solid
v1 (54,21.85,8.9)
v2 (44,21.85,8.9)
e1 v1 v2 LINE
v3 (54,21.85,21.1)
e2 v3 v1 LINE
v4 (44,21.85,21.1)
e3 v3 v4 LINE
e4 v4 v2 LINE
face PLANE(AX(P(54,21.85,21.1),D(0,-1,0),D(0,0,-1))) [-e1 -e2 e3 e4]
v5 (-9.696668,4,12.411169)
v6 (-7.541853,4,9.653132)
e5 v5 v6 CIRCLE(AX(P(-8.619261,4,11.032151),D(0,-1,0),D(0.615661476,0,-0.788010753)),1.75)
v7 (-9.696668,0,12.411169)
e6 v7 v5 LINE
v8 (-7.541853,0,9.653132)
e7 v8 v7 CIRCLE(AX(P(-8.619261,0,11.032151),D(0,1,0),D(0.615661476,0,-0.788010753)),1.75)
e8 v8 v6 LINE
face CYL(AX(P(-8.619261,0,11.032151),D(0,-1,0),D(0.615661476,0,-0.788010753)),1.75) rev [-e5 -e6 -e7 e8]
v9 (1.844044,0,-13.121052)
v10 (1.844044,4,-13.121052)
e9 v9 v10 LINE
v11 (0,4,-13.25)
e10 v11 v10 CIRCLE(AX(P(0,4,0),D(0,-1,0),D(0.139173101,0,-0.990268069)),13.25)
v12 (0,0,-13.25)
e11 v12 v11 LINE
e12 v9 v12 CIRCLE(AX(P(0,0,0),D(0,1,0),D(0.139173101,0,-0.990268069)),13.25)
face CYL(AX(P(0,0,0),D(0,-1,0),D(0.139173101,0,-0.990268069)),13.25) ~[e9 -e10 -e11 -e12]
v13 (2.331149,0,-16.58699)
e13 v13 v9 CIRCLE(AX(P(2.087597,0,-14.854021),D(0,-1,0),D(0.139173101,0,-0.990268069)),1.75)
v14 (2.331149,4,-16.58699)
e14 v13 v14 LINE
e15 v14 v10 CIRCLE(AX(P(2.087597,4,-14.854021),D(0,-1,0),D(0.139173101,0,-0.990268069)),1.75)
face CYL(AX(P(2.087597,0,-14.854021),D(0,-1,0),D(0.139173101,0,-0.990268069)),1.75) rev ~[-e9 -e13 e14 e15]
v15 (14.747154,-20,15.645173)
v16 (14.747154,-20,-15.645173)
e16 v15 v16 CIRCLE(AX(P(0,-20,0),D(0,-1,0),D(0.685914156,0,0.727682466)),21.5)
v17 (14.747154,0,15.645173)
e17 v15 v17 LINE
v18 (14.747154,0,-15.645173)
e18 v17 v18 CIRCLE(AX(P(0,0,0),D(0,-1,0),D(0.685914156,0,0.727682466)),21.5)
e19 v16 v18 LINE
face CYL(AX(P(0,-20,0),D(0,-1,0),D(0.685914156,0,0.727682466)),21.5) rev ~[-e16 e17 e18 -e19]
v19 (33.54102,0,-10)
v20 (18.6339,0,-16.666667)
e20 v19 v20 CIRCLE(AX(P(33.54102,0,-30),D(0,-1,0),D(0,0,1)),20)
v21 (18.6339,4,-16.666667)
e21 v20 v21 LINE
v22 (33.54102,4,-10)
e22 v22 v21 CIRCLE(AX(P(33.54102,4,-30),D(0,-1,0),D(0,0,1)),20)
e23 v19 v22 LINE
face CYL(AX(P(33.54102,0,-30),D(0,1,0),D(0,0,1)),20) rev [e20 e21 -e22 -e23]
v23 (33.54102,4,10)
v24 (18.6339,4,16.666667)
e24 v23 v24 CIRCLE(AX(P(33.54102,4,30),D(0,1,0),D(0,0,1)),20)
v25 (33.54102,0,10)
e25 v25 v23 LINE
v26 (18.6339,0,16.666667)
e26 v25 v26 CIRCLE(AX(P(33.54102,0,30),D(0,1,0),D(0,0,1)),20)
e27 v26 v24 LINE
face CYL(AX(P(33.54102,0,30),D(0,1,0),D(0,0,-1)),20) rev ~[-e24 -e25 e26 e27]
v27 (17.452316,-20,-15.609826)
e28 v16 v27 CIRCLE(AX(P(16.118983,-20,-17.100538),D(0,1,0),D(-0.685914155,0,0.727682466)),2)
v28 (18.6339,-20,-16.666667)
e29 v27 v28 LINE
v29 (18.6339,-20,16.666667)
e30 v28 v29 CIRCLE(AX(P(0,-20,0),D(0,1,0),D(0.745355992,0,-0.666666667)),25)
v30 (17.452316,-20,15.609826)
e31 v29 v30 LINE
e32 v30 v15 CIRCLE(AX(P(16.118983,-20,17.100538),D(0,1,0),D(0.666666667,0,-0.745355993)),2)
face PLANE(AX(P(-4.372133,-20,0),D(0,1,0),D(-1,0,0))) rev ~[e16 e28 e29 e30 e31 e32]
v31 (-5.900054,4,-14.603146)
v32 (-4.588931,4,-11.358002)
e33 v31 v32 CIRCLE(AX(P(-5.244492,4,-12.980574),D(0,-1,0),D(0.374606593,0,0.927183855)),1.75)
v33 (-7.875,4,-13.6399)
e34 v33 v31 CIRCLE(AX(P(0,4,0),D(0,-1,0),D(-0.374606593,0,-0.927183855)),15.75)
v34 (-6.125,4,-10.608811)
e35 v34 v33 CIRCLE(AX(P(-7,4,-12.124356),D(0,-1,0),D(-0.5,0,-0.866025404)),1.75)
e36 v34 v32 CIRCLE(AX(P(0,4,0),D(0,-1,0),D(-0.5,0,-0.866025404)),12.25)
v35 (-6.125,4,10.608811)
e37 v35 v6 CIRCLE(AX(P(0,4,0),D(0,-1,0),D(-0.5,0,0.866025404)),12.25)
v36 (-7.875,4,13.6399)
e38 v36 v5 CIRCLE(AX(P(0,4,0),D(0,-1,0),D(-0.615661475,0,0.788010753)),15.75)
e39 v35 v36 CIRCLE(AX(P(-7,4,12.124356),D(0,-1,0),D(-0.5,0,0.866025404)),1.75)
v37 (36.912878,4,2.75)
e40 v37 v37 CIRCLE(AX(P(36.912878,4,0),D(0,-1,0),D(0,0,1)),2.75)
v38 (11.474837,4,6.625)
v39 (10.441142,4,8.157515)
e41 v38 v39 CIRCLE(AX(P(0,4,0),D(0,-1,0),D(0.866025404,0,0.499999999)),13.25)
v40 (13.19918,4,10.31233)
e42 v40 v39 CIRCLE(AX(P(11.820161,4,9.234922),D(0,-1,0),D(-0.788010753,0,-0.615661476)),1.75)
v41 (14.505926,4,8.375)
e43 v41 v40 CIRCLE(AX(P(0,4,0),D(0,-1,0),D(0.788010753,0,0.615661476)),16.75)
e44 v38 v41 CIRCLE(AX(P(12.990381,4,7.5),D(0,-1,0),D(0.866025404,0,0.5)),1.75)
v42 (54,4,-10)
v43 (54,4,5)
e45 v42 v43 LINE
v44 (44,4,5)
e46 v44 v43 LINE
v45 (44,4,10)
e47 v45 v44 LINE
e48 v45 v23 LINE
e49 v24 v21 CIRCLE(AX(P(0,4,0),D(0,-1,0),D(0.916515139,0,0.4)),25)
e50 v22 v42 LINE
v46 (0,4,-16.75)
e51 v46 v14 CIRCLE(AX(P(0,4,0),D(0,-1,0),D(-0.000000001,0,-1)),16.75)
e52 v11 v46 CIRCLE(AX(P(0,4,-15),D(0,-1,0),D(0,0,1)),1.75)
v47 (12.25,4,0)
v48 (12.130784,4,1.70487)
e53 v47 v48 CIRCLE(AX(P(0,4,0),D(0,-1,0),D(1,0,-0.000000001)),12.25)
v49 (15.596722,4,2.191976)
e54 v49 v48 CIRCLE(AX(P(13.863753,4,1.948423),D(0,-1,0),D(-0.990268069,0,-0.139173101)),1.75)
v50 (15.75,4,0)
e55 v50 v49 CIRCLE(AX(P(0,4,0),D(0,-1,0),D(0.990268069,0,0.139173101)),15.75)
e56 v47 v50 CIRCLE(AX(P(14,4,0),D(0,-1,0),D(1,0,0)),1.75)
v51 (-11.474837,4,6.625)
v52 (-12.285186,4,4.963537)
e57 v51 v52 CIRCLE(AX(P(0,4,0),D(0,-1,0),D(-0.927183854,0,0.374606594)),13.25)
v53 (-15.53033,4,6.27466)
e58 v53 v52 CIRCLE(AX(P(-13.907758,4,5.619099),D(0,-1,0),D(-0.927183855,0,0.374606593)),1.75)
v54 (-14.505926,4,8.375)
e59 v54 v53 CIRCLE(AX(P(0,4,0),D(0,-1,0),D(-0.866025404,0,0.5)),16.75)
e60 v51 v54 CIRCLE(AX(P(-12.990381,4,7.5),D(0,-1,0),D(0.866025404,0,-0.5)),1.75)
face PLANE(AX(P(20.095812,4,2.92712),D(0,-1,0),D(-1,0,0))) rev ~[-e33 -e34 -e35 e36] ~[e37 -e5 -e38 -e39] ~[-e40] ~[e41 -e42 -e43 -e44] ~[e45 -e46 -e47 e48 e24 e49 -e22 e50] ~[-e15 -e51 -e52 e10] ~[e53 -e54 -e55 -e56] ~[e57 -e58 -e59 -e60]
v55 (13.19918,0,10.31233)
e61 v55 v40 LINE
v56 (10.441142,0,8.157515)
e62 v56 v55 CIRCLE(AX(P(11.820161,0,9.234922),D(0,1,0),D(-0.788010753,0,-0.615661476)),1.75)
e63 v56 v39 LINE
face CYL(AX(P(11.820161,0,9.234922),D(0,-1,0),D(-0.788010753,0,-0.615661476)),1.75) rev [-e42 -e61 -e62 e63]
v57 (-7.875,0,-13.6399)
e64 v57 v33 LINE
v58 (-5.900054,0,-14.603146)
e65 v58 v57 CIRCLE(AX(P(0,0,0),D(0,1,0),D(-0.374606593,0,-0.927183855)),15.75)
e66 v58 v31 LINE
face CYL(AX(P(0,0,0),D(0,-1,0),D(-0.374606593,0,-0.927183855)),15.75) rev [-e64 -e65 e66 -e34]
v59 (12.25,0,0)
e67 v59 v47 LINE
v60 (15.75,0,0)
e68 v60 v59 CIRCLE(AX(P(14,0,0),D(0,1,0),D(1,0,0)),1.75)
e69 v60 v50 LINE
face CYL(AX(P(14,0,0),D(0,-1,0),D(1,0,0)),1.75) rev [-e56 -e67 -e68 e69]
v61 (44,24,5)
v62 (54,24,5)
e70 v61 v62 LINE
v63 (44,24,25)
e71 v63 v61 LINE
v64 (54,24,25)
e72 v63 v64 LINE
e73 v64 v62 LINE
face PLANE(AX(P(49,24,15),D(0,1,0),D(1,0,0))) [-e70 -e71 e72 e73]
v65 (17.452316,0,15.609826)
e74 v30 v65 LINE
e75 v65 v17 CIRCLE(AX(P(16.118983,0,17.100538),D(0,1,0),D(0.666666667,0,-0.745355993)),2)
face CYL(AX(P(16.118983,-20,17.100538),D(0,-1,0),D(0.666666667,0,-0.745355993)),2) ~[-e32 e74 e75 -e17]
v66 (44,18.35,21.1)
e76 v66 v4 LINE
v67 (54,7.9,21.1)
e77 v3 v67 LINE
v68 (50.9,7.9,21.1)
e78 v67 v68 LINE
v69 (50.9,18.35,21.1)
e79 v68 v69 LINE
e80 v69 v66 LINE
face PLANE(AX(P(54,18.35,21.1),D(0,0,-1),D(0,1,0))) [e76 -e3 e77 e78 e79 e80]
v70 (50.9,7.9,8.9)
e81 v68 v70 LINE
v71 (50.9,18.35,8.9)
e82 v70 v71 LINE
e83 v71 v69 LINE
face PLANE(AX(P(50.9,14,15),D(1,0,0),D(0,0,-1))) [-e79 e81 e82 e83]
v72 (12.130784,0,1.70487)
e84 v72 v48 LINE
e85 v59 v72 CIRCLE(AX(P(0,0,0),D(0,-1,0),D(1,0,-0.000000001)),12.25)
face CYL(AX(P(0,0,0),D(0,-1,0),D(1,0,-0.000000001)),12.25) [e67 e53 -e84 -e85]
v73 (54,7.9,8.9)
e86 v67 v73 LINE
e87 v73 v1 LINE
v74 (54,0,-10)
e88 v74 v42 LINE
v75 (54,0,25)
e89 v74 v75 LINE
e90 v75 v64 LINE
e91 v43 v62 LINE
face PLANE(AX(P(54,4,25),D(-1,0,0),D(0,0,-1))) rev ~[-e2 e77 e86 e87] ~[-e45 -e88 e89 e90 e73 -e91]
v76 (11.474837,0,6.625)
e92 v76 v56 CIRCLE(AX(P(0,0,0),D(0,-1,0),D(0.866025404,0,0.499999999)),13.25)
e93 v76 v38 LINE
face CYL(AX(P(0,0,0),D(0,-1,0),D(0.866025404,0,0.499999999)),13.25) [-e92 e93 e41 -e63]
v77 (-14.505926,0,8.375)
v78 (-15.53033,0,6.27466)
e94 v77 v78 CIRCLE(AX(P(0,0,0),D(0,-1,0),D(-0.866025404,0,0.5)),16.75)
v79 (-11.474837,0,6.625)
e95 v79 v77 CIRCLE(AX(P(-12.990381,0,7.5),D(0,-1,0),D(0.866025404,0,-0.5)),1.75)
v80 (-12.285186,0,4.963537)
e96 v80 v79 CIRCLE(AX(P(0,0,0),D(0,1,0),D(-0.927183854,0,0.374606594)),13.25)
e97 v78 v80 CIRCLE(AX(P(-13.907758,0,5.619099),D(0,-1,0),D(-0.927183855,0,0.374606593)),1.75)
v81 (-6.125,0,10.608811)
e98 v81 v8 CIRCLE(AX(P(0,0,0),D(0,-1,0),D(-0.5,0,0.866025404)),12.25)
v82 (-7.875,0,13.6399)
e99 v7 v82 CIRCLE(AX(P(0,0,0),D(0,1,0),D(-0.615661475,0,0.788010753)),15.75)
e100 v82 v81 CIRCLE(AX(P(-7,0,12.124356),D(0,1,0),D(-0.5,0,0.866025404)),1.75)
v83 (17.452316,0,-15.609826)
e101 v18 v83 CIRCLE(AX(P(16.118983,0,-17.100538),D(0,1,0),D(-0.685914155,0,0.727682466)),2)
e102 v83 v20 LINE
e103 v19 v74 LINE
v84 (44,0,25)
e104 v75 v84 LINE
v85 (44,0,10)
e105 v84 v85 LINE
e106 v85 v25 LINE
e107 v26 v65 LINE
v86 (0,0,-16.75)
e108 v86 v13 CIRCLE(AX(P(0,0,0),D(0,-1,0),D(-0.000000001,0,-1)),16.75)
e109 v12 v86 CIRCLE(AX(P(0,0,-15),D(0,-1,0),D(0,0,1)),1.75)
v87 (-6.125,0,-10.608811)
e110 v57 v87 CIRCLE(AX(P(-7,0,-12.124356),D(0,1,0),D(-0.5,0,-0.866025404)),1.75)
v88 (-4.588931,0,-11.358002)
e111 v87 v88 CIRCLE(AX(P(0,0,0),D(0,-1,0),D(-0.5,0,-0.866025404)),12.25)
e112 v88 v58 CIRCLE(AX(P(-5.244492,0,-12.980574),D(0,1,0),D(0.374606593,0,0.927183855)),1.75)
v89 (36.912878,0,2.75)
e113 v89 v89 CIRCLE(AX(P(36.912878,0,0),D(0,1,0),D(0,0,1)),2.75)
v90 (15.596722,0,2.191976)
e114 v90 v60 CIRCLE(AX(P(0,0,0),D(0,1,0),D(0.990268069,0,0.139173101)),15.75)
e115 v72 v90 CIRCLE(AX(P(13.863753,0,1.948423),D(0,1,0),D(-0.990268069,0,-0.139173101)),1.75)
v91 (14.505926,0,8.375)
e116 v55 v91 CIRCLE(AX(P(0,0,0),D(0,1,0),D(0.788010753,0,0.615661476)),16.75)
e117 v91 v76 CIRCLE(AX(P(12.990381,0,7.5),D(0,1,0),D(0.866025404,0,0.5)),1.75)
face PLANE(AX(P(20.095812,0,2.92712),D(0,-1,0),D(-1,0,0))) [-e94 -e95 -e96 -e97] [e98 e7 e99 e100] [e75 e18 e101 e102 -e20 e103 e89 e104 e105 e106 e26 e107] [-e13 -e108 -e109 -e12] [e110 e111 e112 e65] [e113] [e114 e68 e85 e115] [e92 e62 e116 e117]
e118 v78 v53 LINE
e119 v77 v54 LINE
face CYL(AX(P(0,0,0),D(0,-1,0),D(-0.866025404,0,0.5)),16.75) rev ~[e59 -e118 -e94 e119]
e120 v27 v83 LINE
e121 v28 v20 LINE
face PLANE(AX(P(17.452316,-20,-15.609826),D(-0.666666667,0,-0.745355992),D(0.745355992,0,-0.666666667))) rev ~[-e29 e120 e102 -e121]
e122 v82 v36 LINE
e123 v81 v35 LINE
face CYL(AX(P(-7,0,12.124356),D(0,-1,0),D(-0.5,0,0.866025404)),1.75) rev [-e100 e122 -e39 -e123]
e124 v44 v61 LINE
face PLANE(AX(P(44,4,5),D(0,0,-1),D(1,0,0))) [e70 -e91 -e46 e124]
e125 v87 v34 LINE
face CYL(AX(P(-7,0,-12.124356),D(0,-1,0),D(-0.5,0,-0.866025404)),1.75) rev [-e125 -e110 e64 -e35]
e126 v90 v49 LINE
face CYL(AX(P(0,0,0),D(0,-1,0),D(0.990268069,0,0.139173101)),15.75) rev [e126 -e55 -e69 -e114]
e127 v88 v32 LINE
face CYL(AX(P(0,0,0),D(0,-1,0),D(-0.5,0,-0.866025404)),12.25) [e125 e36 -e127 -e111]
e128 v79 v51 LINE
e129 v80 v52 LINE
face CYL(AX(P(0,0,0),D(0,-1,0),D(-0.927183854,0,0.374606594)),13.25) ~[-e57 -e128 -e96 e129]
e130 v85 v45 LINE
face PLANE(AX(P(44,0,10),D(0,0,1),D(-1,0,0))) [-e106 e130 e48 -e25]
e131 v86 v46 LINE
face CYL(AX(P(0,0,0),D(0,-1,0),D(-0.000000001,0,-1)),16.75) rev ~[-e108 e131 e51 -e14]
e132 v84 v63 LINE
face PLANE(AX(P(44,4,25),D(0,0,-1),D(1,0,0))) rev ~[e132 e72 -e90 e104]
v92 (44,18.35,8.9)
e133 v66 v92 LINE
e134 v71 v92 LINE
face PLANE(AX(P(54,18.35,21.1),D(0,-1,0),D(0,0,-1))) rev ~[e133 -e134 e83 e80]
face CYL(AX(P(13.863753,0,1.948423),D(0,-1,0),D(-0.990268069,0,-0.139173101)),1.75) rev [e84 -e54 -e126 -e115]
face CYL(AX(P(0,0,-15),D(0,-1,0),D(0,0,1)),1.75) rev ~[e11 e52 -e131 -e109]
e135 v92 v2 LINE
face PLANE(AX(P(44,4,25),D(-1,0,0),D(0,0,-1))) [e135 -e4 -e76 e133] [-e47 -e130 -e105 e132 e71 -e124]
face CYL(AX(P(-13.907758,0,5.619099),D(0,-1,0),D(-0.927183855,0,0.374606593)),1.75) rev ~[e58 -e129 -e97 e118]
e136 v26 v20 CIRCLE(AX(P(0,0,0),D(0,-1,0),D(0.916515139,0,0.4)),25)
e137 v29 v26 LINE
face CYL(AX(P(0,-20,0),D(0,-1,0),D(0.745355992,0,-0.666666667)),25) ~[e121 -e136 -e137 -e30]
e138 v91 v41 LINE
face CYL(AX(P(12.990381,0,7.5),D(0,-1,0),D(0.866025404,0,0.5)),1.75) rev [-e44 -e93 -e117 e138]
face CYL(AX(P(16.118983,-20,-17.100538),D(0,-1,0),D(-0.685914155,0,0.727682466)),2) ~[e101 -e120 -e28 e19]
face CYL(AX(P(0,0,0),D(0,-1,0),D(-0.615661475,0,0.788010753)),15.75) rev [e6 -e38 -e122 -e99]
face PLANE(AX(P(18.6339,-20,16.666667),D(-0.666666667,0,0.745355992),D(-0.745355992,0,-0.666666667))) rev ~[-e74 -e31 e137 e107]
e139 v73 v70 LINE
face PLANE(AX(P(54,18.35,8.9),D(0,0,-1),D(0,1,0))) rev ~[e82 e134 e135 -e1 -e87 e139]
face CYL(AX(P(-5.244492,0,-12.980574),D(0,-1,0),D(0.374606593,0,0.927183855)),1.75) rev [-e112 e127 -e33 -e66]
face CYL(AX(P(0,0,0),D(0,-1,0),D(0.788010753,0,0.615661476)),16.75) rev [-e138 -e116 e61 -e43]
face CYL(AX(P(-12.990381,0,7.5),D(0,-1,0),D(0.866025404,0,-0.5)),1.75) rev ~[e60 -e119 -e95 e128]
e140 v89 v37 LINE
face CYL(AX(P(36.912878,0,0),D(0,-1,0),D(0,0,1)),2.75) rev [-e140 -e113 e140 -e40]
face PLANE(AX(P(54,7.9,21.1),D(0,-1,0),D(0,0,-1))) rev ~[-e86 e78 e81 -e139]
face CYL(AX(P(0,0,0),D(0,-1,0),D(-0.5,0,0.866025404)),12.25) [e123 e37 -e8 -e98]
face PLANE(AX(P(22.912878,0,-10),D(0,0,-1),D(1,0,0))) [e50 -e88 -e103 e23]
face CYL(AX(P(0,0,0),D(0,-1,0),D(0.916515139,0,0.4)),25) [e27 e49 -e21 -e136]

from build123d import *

# Parameters (mm, degrees)
BOSS_EXTRUDE1_DEPTH = 4
FILLET1_R           = 20
SKETCH1_R           = 2.75
CUT_EXTRUDE3_DEPTH  = 131.855321132
BOSS_EXTRUDE2_START = 20
BOSS_EXTRUDE2_DEPTH = 20
SKETCH7_W           = 10
SKETCH7_H           = 20
BOSS_EXTRUDE3_DEPTH = 20
SKETCH8_W           = 12.2
SKETCH8_H           = 12.2
CUT_EXTRUDE4_DEPTH  = 3.1
CUT_EXTRUDE5_REACH  = 88.267
SKETCH8_3_W         = 12.2
SKETCH8_3_H         = 3.5


with BuildPart() as part:
    # Sketch3 → Boss-Extrude1 (new body)
    with BuildSketch(Plane(origin=(0, 0, 0), x_dir=(1, 0, 0), z_dir=(0, 1, 0))):
        with BuildLine():
            Line((22.912878475, 10), (44, 10))
            Line((44, 10), (54, 10))
            Line((54, 10), (54, -25))
            Line((54, -25), (44, -25))
            Line((44, -25), (44, -10))
            Line((44, -10), (22.912878475, -10))
            ThreePointArc((22.912878475, -10), (-25, 0), (22.912878475, 10))
        make_face()
    extrude(amount=BOSS_EXTRUDE1_DEPTH)

    # Fillet1
    fillet1_edges = [part.edges().sort_by_distance(p)[0] for p in [
        (22.912878475, 2, 10),
        (22.912878475, 2, -10),
    ]]
    fillet(fillet1_edges, radius=FILLET1_R)

    # Sketch1 → Cut-Extrude3 (cut, through all)
    with BuildSketch(Plane(origin=(103.38268991, 0, 0), x_dir=(1, 0, 0), z_dir=(0, 1, 0))):
        with Locations((-66.469811435, 0)):
            Circle(SKETCH1_R)
        with BuildLine():
            ThreePointArc((-91.90785331, -6.625), (-92.397942073, -7.409305971), (-92.941547424, -8.157514548))
            ThreePointArc((-92.941547424, -8.157514548), (-92.639936187, -10.613940949), (-90.183509787, -10.312329712))
            ThreePointArc((-90.183509787, -10.312329712), (-89.496310569, -9.366481133), (-88.876764396, -8.375))
            ThreePointArc((-88.876764396, -8.375), (-89.517308853, -5.984455543), (-91.90785331, -6.625))
        make_face()
        with BuildLine():
            ThreePointArc((-91.13268991, 0), (-91.162530294, -0.854516803), (-91.251906068, -1.704870487))
            ThreePointArc((-91.251906068, -1.704870487), (-89.762489874, -3.681392534), (-87.785967827, -2.19197634))
            ThreePointArc((-87.785967827, -2.19197634), (-87.671056118, -1.098664461), (-87.63268991, 0))
            ThreePointArc((-87.63268991, 0), (-89.38268991, 1.75), (-91.13268991, 0))
        make_face()
        with BuildLine():
            ThreePointArc((-114.85752651, -6.625), (-115.498070966, -9.015544457), (-117.888615423, -8.375))
            ThreePointArc((-117.888615423, -8.375), (-118.437490185, -7.342716709), (-118.913019474, -6.27466044))
            ThreePointArc((-118.913019474, -6.27466044), (-117.946009267, -3.996527156), (-115.667875983, -4.963537363))
            ThreePointArc((-115.667875983, -4.963537363), (-115.291711023, -5.808417695), (-114.85752651, -6.625))
        make_face()
        with BuildLine():
            ThreePointArc((-111.25768991, -13.63990011), (-108.867145453, -12.999355653), (-109.50768991, -10.608811196))
            ThreePointArc((-109.50768991, -10.608811196), (-110.232802977, -10.155710264), (-110.924542982, -9.653131732))
            ThreePointArc((-110.924542982, -9.653131732), (-113.380969383, -9.954742969), (-113.079358146, -12.411169369))
            ThreePointArc((-113.079358146, -12.411169369), (-112.189978139, -13.057341768), (-111.25768991, -13.63990011))
        make_face()
        with BuildLine():
            ThreePointArc((-103.38268991, 13.25), (-105.13268991, 15), (-103.38268991, 16.75))
            ThreePointArc((-103.38268991, 16.75), (-102.214268974, 16.709197842), (-101.051540469, 16.586990151))
            ThreePointArc((-101.051540469, 16.586990151), (-99.562124275, 14.610468104), (-101.538646322, 13.121051911))
            ThreePointArc((-101.538646322, 13.121051911), (-102.458416633, 13.217723666), (-103.38268991, 13.25))
        make_face()
        with BuildLine():
            ThreePointArc((-111.25768991, 13.63990011), (-111.898234366, 11.249355653), (-109.50768991, 10.608811196))
            ThreePointArc((-109.50768991, 10.608811196), (-108.752736458, 11.010227067), (-107.971620679, 11.358002218))
            ThreePointArc((-107.971620679, 11.358002218), (-107.004610472, 13.636135502), (-109.282743756, 14.603145709))
            ThreePointArc((-109.282743756, 14.603145709), (-110.287035472, 14.156006229), (-111.25768991, 13.63990011))
        make_face()
    extrude(amount=CUT_EXTRUDE3_DEPTH, mode=Mode.SUBTRACT)

    # Sketch4 → Boss-Extrude2 (add)
    with BuildSketch(Plane.XZ.offset(BOSS_EXTRUDE2_START)):
        with BuildLine():
            Line((18.633899812, 16.666666667), (17.452315988, 15.609825965))
            ThreePointArc((17.452315988, 15.609825965), (16.092851842, 15.100708662), (14.747154343, 15.645173018))
            ThreePointArc((14.747154343, 15.645173018), (-21.5, 0), (14.747154343, -15.645173018))
            ThreePointArc((14.747154343, -15.645173018), (16.092851842, -15.100708662), (17.452315988, -15.609825965))
            Line((17.452315988, -15.609825965), (18.633899812, -16.666666667))
            ThreePointArc((18.633899812, -16.666666667), (-25, 0), (18.633899812, 16.666666667))
        make_face()
    extrude(amount=-BOSS_EXTRUDE2_DEPTH)

    # Sketch7 → Boss-Extrude3 (add)
    with BuildSketch(Plane(origin=(0, 4, 0), x_dir=(1, 0, 0), z_dir=(0, 1, 0))):
        with Locations((49, -15)):
            Rectangle(SKETCH7_W, SKETCH7_H)
    extrude(amount=BOSS_EXTRUDE3_DEPTH)

    # Sketch8 → Cut-Extrude4 (cut)
    with BuildSketch(Plane(origin=(54, 0, 0), x_dir=(0, 0, -1), z_dir=(1, 0, 0))):
        with Locations((-15, 14)):
            Rectangle(SKETCH8_W, SKETCH8_H)
    extrude(amount=-CUT_EXTRUDE4_DEPTH, mode=Mode.SUBTRACT)

    # Sketch8<3> → Cut-Extrude5 (cut, up to next)
    with BuildSketch(Plane(origin=(54, 0, 0), x_dir=(0, 0, -1), z_dir=(1, 0, 0)), mode=Mode.PRIVATE) as cut_extrude5_sk1:
        with Locations((-15, 20.1)):
            Rectangle(SKETCH8_3_W, SKETCH8_3_H)
    cut_extrude5_tool1 = extrude(cut_extrude5_sk1.sketch, amount=-CUT_EXTRUDE5_REACH, mode=Mode.PRIVATE) & part.part
    add(cut_extrude5_tool1.solids().sort_by_distance((54, 20.1, 15))[0], mode=Mode.SUBTRACT)


solid = part.part
